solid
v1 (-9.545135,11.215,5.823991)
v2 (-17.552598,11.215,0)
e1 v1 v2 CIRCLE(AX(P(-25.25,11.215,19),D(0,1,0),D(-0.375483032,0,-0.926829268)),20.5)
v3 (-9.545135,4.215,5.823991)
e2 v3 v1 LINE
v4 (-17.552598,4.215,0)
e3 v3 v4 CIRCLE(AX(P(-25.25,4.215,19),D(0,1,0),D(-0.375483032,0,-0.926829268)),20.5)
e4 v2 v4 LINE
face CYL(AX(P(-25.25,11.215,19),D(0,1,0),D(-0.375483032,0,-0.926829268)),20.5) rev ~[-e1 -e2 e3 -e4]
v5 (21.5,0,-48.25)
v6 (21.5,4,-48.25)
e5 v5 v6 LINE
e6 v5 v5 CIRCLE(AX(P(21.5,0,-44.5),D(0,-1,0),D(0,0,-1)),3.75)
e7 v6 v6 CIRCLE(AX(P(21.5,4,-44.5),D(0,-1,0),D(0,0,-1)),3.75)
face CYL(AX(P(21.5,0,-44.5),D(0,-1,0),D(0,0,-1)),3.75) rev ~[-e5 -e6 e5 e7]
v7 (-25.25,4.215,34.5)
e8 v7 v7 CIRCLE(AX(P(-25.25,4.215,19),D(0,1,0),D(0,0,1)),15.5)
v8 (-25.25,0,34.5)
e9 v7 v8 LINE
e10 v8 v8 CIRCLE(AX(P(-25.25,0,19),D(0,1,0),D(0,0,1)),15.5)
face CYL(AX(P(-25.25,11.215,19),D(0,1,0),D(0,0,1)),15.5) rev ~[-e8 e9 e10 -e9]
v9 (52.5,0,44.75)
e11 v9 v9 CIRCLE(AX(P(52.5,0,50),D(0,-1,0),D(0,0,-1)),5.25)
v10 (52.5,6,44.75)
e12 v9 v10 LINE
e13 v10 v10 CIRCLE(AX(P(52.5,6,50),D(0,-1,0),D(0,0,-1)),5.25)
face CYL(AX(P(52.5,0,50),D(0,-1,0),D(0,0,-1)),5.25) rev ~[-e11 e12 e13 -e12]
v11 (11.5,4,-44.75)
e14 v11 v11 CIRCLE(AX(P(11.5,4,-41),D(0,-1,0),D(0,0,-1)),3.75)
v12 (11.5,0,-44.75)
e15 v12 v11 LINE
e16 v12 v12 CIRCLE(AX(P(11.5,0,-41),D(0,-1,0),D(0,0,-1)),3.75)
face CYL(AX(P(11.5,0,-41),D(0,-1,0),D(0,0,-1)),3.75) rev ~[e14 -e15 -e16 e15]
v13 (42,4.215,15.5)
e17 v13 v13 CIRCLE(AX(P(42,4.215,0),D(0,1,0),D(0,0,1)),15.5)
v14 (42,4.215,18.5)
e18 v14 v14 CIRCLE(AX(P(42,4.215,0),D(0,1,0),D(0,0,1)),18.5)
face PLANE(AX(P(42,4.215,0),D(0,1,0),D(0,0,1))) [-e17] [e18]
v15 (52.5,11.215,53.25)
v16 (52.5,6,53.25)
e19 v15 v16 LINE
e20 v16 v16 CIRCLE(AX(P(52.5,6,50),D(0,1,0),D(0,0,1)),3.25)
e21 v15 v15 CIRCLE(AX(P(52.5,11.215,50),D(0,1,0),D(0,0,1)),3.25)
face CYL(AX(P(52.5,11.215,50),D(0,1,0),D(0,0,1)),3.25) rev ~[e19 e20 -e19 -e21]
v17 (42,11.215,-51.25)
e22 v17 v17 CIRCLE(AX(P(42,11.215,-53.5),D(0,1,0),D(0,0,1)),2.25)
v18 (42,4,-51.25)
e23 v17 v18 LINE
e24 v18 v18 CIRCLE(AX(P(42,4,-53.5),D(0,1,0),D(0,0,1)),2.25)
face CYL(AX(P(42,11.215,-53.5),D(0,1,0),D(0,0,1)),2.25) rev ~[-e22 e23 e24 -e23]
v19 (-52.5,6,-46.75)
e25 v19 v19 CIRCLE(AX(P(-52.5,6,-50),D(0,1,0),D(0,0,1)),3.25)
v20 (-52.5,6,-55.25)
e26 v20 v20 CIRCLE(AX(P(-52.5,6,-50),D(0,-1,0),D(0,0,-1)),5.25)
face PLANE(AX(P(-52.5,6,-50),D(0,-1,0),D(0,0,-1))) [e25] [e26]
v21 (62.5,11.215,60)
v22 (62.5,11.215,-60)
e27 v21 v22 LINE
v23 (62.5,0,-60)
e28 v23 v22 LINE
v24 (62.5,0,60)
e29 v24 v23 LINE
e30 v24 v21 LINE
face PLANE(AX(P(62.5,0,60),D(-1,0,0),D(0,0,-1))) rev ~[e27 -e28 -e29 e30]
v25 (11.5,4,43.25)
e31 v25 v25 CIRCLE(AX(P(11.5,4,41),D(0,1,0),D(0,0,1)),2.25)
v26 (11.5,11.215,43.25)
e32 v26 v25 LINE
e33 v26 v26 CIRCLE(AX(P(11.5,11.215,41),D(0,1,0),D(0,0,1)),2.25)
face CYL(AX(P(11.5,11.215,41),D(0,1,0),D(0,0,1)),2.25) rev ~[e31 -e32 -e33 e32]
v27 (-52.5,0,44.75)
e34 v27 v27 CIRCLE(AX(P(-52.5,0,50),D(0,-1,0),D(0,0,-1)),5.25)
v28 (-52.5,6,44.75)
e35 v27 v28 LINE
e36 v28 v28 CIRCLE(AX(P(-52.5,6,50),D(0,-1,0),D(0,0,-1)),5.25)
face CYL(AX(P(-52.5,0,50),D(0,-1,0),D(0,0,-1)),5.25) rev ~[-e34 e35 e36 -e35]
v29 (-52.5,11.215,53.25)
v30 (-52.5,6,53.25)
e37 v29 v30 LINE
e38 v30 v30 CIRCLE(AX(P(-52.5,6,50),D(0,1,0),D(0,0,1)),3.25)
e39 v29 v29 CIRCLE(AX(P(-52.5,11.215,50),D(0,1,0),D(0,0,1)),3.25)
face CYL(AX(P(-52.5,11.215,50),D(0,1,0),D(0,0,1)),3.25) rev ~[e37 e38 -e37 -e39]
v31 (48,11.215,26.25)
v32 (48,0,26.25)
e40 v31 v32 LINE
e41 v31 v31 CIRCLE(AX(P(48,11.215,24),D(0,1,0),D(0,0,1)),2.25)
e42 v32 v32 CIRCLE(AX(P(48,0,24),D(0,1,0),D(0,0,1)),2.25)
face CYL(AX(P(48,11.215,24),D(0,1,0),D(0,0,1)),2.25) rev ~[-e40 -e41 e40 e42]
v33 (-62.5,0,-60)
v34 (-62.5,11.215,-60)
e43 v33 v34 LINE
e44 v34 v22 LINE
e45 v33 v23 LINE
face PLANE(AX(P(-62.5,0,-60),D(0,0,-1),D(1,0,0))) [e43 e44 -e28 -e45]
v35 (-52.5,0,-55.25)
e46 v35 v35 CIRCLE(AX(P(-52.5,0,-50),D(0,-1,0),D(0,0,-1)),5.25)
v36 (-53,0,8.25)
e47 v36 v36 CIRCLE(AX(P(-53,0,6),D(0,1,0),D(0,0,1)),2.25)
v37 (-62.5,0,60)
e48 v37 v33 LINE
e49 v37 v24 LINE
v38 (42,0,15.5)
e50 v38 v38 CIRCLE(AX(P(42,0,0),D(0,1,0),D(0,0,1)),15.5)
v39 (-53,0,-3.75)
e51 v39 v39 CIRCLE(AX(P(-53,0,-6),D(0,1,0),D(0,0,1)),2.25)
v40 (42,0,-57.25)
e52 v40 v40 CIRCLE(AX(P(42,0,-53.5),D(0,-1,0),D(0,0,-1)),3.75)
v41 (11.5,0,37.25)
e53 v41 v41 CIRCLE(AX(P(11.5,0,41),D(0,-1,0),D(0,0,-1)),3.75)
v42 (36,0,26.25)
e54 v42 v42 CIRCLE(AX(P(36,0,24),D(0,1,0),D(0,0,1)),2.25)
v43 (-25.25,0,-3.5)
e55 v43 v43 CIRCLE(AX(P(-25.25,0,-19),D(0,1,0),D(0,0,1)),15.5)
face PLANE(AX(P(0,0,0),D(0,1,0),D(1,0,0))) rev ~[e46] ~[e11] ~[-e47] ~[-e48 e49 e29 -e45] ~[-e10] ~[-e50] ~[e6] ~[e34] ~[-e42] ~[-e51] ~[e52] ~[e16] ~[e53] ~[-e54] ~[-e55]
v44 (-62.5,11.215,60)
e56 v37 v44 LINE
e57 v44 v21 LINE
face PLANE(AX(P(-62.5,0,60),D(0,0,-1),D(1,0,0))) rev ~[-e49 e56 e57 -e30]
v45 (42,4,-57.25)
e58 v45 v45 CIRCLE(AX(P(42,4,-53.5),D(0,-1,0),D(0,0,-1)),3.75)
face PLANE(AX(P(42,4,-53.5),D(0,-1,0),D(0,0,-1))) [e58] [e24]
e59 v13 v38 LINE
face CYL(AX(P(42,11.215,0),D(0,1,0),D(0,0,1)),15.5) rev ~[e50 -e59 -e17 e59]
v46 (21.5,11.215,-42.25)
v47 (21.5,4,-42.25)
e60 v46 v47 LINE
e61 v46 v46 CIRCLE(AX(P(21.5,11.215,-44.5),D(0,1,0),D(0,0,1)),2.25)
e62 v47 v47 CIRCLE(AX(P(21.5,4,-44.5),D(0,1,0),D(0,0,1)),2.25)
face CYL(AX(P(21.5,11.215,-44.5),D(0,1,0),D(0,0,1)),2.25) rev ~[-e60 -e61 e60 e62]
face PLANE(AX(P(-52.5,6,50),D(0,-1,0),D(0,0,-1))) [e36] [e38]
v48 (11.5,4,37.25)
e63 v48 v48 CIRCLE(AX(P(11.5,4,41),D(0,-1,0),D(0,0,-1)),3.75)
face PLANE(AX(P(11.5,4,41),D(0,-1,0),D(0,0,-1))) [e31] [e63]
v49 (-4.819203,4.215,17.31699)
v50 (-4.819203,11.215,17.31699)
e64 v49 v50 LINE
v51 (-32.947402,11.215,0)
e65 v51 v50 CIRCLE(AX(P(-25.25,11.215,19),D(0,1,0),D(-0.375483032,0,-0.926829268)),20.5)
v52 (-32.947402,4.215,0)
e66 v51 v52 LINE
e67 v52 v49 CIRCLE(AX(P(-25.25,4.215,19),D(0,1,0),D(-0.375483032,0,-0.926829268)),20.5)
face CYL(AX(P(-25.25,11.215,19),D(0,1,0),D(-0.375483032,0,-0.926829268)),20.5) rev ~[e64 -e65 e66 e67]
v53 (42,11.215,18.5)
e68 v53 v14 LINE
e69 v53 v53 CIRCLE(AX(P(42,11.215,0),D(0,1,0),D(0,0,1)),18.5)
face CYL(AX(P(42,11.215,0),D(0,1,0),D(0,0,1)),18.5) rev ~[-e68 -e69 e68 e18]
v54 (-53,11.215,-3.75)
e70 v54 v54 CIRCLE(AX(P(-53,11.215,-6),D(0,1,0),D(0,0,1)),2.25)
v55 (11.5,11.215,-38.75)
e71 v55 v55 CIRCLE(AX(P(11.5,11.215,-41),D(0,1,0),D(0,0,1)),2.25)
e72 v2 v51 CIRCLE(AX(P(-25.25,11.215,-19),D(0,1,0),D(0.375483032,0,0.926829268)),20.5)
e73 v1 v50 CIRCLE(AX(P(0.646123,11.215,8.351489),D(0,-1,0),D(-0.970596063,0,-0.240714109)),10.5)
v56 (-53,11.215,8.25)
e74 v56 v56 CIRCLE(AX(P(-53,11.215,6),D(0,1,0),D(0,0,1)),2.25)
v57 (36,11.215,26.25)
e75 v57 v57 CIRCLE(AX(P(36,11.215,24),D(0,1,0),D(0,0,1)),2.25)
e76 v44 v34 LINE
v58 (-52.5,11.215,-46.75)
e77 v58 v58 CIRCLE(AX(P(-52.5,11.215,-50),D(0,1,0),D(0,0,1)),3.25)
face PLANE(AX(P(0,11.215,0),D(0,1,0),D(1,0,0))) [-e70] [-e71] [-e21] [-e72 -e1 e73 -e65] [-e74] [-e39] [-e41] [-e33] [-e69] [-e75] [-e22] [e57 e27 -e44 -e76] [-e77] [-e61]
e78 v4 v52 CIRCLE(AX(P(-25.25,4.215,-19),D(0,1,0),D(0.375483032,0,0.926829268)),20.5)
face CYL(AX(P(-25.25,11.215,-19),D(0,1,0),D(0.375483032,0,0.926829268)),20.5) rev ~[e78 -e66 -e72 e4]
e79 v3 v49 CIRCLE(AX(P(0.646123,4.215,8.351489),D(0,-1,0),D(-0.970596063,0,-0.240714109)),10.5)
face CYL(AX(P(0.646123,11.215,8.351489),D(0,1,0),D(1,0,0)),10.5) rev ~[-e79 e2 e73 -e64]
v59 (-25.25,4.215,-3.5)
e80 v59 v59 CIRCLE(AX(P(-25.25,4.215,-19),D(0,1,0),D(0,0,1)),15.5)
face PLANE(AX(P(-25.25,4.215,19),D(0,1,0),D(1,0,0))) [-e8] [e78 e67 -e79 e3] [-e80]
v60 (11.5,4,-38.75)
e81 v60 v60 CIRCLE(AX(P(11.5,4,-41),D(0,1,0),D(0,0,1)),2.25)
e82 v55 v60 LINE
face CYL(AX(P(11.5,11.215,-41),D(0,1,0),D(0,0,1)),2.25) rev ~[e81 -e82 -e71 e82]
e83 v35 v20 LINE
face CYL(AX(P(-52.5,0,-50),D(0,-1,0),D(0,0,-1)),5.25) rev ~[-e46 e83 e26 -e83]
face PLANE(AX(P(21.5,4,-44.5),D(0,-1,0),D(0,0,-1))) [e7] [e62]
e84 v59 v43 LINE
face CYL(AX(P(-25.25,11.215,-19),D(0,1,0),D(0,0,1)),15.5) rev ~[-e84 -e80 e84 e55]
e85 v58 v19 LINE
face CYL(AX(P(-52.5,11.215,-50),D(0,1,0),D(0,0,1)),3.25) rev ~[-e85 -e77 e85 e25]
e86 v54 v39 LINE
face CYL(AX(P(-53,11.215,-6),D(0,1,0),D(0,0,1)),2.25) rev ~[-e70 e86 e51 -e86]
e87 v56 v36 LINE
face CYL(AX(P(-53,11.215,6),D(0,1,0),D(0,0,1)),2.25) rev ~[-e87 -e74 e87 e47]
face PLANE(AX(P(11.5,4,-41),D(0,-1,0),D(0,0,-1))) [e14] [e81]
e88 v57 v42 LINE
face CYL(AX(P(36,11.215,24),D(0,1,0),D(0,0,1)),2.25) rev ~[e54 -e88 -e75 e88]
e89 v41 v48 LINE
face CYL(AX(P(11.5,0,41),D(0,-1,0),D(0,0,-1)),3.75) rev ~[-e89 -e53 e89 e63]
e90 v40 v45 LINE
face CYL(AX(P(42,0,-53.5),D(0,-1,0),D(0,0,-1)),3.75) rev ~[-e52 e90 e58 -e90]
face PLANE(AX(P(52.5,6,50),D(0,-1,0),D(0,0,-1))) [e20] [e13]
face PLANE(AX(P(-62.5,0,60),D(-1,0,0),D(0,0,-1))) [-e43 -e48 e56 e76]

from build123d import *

# Parameters (mm, degrees)
SKETCH1_W                        = 125
SKETCH1_H                        = 120
TEST_BASE_POSTION_DEPTH          = 11.215
SKETCH8_R                        = 20.5
FINGER_GEARS_DEPTH               = 7
SKETCH9_R                        = 10.5
INTERMEDIATE_GEAR_DEPTH          = 7
SKETCH11_R                       = 18.5
XL320_FINGER_KNUCKLE_MOUNT_DEPTH = 7
SKETCH10_R                       = 15.5
CONNECT_FINGER_HOLES_DEPTH       = 88.361468766
THUMB_MOUNT_HOLES_R              = 2.25
THUMB_MOUNT_HOLES_M4_DEPTH       = 88.361468766
SKETCH16_R                       = 2.25
FINGERS_MOUNT_HOLES_M4_DEPTH     = 88.361468766
SKETCH17_R                       = 3.25
CONNECT_HOLES_M6_DEPTH           = 88.361468766
SKETCH18_R                       = 3.75
NUTS_M4_DEPTH                    = 4
SKETCH19_R                       = 5.25
NUTS_M6_DEPTH                    = 6


with BuildPart() as part:
    # Sketch1 → Test_Base_Postion (new body)
    with BuildSketch(Plane(origin=(0, 0, 0), x_dir=(1, 0, 0), z_dir=(0, 1, 0))):
        Rectangle(SKETCH1_W, SKETCH1_H)
    extrude(amount=TEST_BASE_POSTION_DEPTH)

    # Sketch8 → Finger_Gears (cut)
    with BuildSketch(Plane(origin=(0, 11.215, 0), x_dir=(1, 0, 0), z_dir=(0, 1, 0))):
        with Locations((-25.25, -19)):
            Circle(SKETCH8_R)
        with Locations((-25.25, 19)):
            Circle(SKETCH8_R)
    extrude(amount=-FINGER_GEARS_DEPTH, mode=Mode.SUBTRACT)

    # Sketch9 → Intermediate_Gear (cut)
    with BuildSketch(Plane(origin=(0, 11.215, 0), x_dir=(1, 0, 0), z_dir=(0, 1, 0))):
        with Locations((0.646123438, -8.351488795)):
            Circle(SKETCH9_R)
    extrude(amount=-INTERMEDIATE_GEAR_DEPTH, mode=Mode.SUBTRACT)

    # Sketch11 → XL320_Finger_Knuckle_Mount (cut)
    with BuildSketch(Plane(origin=(0, 11.215, 0), x_dir=(1, 0, 0), z_dir=(0, 1, 0))):
        with Locations(Location((42, 0, 0), (0, 0, 270))):
            Circle(SKETCH11_R)
    extrude(amount=-XL320_FINGER_KNUCKLE_MOUNT_DEPTH, mode=Mode.SUBTRACT)

    # Sketch10 → Connect_Finger_Holes (cut, through all)
    with BuildSketch(Plane(origin=(0, 11.215, 0), x_dir=(1, 0, 0), z_dir=(0, 1, 0))):
        with Locations(Location((-25.25, 19, 0), (0, 0, 270))):
            Circle(SKETCH10_R)
        with Locations(Location((-25.25, -19, 0), (0, 0, 270))):
            Circle(SKETCH10_R)
        with Locations(Location((42, 0, 0), (0, 0, 270))):
            Circle(SKETCH10_R)
    extrude(amount=-CONNECT_FINGER_HOLES_DEPTH, mode=Mode.SUBTRACT)

    # Thumb_Mount_Holes → Thumb_Mount_Holes_(M4) (cut, through all)
    with BuildSketch(Plane(origin=(0, 11.215, 0), x_dir=(1, 0, 0), z_dir=(0, 1, 0))):
        with Locations(Location((21.5, 44.5, 0), (0, 0, 270))):
            Circle(THUMB_MOUNT_HOLES_R)
        with Locations(Location((42, 53.5, 0), (0, 0, 270))):
            Circle(THUMB_MOUNT_HOLES_R)
        with Locations(Location((48, -24, 0), (0, 0, 270))):
            Circle(THUMB_MOUNT_HOLES_R)
        with Locations(Location((36, -24, 0), (0, 0, 270))):
            Circle(THUMB_MOUNT_HOLES_R)
    extrude(amount=-THUMB_MOUNT_HOLES_M4_DEPTH, mode=Mode.SUBTRACT)

    # Sketch16 → Fingers_Mount_Holes_(M4) (cut, through all)
    with BuildSketch(Plane(origin=(0, 11.215, 0), x_dir=(1, 0, 0), z_dir=(0, 1, 0))):
        with Locations(Location((11.5, 41, 0), (0, 0, 270))):
            Circle(SKETCH16_R)
        with Locations(Location((11.5, -41, 0), (0, 0, 270))):
            Circle(SKETCH16_R)
        with Locations(Location((-53, 6, 0), (0, 0, 270))):
            Circle(SKETCH16_R)
        with Locations(Location((-53, -6, 0), (0, 0, 270))):
            Circle(SKETCH16_R)
    extrude(amount=-FINGERS_MOUNT_HOLES_M4_DEPTH, mode=Mode.SUBTRACT)

    # Sketch17 → Connect_Holes_(M6) (cut, through all)
    with BuildSketch(Plane(origin=(0, 11.215, 0), x_dir=(1, 0, 0), z_dir=(0, 1, 0))):
        with Locations(Location((-52.5, 50, 0), (0, 0, 270))):
            Circle(SKETCH17_R)
        with Locations(Location((-52.5, -50, 0), (0, 0, 270))):
            Circle(SKETCH17_R)
        with Locations(Location((52.5, -50, 0), (0, 0, 270))):
            Circle(SKETCH17_R)
    extrude(amount=-CONNECT_HOLES_M6_DEPTH, mode=Mode.SUBTRACT)

    # Sketch18 → Nuts_(M4) (cut)
    with BuildSketch(Plane.XZ):
        with Locations(Location((11.5, 41, 0), (0, 0, 270))):
            Circle(SKETCH18_R)
        with Locations(Location((11.5, -41, 0), (0, 0, 270))):
            Circle(SKETCH18_R)
        with Locations(Location((21.5, -44.5, 0), (0, 0, 270))):
            Circle(SKETCH18_R)
        with Locations(Location((42, -53.5, 0), (0, 0, 270))):
            Circle(SKETCH18_R)
    extrude(amount=-NUTS_M4_DEPTH, mode=Mode.SUBTRACT)

    # Sketch19 → Nuts_(M6) (cut)
    with BuildSketch(Plane.XZ):
        with Locations(Location((-52.5, 50, 0), (0, 0, 270))):
            Circle(SKETCH19_R)
        with Locations(Location((52.5, 50, 0), (0, 0, 270))):
            Circle(SKETCH19_R)
        with Locations(Location((-52.5, -50, 0), (0, 0, 270))):
            Circle(SKETCH19_R)
    extrude(amount=-NUTS_M6_DEPTH, mode=Mode.SUBTRACT)


solid = part.part
